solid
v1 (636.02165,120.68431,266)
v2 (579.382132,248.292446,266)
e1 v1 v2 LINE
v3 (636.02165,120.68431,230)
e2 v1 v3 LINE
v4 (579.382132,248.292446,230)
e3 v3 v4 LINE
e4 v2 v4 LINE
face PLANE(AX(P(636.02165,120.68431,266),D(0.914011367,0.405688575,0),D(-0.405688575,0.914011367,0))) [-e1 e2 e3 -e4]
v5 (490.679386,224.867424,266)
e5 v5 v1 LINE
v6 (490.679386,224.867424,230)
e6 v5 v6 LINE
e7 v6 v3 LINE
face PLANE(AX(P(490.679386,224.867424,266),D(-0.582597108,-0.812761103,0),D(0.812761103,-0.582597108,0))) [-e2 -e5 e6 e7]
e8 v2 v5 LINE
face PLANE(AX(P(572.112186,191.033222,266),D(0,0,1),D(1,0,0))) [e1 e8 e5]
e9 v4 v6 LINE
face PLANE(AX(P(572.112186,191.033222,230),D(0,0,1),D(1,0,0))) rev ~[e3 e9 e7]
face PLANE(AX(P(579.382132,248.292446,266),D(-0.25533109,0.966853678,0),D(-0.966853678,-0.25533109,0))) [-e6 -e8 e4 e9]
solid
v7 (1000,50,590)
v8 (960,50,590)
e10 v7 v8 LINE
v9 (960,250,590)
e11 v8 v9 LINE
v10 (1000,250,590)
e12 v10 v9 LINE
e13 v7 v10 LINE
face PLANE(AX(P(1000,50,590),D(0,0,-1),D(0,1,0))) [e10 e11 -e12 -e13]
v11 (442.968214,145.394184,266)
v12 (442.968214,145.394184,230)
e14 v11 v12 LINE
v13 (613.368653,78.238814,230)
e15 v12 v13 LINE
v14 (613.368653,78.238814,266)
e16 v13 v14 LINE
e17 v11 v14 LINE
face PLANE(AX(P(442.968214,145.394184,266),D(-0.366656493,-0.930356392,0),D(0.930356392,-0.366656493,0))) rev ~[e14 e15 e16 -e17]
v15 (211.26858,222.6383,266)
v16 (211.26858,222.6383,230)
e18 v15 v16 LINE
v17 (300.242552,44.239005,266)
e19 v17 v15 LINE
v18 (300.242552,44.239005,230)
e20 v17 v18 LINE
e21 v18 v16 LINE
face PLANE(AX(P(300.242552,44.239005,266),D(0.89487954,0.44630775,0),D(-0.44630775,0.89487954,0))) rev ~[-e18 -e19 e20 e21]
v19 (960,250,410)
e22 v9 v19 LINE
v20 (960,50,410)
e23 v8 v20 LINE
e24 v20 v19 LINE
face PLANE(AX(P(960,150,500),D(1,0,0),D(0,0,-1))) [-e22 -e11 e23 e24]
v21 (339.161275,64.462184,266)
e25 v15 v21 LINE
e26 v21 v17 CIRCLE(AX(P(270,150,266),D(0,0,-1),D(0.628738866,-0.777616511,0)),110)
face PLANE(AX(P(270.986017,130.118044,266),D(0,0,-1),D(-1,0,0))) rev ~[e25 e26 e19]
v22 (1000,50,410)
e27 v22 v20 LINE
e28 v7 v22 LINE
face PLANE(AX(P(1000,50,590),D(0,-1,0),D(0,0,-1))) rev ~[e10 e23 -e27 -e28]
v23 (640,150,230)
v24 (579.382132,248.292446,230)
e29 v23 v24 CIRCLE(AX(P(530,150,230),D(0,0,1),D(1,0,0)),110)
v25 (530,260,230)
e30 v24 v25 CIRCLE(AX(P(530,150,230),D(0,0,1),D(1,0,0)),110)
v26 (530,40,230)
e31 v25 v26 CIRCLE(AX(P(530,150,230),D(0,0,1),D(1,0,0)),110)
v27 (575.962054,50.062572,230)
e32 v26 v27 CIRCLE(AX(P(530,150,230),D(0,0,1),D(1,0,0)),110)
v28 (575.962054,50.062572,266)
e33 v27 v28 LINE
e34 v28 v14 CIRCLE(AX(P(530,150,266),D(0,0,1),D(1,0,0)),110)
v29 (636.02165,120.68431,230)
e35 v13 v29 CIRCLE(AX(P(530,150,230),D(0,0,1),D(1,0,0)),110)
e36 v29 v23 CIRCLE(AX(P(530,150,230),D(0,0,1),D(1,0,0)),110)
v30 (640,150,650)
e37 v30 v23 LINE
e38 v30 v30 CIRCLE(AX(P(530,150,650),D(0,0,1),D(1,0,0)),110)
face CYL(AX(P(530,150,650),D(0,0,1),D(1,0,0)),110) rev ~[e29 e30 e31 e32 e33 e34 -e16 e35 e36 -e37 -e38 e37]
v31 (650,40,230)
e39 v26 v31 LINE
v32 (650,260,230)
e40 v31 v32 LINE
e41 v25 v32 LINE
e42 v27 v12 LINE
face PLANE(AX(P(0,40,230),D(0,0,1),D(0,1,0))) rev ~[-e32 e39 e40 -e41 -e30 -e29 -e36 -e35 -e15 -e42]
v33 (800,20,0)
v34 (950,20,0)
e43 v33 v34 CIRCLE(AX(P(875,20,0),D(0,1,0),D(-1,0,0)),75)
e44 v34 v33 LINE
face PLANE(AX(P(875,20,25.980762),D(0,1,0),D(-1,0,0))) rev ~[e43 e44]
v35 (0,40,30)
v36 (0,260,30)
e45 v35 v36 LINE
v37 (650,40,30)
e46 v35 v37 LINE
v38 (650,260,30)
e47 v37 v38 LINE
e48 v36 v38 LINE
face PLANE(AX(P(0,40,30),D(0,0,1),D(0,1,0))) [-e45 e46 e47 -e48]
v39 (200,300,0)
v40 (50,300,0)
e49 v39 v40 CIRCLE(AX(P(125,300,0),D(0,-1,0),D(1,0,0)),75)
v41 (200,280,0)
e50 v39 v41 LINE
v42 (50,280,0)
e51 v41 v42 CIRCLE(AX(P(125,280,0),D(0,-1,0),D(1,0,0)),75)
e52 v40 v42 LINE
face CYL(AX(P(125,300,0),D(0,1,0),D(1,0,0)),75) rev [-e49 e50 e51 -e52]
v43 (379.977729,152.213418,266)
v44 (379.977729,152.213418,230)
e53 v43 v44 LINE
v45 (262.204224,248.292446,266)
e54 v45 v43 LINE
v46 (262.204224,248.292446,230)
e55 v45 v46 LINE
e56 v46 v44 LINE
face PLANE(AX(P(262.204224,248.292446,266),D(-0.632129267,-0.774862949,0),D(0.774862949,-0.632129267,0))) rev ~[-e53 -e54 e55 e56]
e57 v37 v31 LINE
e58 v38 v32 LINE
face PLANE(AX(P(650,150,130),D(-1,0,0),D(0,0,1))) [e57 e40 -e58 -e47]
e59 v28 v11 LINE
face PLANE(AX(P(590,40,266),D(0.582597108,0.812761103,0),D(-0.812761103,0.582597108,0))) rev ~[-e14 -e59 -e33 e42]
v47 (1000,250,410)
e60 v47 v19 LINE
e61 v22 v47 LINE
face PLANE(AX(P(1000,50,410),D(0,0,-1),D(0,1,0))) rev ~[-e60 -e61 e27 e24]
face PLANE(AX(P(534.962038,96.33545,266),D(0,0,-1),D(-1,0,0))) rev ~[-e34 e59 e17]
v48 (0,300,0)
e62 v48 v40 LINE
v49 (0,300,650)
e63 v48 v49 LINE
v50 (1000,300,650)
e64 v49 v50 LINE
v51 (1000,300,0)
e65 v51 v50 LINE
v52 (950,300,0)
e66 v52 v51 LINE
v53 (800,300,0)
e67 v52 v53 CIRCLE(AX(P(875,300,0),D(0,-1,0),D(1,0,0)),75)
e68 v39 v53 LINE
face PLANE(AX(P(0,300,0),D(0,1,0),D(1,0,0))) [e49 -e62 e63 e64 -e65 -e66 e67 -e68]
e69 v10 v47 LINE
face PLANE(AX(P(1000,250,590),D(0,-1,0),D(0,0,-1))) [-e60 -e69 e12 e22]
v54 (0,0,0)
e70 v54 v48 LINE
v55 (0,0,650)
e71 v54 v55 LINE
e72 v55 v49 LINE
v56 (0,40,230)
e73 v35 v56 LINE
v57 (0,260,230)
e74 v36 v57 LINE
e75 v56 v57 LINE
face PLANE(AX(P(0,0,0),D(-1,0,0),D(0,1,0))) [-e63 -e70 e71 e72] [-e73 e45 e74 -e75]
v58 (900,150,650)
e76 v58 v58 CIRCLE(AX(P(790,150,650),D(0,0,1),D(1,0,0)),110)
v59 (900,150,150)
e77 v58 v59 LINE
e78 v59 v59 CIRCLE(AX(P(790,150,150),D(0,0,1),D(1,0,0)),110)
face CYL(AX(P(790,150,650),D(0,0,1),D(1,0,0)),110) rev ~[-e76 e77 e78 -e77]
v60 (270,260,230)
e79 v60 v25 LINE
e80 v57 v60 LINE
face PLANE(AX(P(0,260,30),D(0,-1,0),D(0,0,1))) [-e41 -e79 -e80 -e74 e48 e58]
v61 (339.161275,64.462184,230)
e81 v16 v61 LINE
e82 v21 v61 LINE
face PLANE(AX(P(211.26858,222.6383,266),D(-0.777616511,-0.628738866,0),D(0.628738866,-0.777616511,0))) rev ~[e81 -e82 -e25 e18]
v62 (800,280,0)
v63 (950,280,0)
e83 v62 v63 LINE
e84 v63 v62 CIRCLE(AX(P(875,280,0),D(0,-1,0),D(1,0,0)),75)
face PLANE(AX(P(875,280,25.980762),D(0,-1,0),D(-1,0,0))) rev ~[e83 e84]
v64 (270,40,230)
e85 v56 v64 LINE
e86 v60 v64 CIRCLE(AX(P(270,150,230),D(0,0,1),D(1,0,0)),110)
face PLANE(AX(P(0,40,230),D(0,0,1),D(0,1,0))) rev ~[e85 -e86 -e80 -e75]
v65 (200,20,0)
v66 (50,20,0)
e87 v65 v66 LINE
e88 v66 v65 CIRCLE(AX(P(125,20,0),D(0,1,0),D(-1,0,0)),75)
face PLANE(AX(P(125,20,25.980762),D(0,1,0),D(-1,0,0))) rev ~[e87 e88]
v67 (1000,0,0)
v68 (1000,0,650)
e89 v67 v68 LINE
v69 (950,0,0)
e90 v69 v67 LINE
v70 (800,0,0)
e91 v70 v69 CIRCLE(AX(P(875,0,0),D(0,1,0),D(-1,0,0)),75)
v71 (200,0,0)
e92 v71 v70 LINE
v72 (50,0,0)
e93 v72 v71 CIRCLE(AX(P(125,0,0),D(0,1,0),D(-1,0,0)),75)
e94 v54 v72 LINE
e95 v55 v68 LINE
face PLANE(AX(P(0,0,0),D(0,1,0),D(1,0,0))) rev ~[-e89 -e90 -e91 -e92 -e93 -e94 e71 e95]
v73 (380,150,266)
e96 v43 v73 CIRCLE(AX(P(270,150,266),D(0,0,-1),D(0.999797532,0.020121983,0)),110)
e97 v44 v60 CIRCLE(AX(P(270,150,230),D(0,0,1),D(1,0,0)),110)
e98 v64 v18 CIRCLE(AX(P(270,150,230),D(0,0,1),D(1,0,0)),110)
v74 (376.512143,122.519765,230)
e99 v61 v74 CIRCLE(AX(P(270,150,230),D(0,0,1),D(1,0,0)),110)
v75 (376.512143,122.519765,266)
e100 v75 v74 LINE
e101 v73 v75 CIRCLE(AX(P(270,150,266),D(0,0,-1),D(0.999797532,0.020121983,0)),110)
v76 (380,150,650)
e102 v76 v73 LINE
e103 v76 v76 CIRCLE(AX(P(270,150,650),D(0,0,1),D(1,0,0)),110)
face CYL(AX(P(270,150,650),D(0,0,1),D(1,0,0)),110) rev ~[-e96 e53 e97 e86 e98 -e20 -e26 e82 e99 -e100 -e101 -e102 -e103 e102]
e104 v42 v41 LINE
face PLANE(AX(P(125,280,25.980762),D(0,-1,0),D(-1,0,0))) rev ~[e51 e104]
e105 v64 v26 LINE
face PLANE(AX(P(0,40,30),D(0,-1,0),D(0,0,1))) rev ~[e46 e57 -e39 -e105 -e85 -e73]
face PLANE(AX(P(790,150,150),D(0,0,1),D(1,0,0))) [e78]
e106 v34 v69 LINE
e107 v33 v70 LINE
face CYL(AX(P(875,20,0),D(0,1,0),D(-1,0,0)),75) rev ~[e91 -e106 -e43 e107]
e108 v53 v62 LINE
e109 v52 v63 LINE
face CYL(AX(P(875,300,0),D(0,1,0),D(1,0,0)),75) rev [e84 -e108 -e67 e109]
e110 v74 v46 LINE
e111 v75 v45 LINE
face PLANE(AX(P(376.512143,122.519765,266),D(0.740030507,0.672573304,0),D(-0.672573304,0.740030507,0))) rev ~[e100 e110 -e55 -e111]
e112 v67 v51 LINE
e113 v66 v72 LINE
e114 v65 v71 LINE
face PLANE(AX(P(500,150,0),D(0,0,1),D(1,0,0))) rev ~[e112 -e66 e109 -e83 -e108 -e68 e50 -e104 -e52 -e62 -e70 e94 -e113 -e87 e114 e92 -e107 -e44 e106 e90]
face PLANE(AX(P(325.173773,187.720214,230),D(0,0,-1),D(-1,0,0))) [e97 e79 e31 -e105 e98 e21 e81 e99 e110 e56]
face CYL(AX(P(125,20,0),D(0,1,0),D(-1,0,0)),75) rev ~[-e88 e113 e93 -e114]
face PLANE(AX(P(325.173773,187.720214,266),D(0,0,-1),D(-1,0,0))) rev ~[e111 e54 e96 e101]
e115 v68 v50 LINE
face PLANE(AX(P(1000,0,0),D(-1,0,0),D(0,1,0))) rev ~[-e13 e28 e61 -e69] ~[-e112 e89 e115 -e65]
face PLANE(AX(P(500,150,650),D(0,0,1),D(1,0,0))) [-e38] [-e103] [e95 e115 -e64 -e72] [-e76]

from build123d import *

# Parameters (mm, degrees)
SKETCH3_W           = 1000
SKETCH3_H           = 300
BOSS_EXTRUDE2_DEPTH = 650
SKETCH4_W           = 180
SKETCH4_H           = 200
CUT_EXTRUDE2_DEPTH  = 40
SKETCH5_W           = 200
SKETCH5_H           = 220
CUT_EXTRUDE3_DEPTH  = 650
SKETCH9_R           = 110
CUT_EXTRUDE4_DEPTH  = 500
CUT_EXTRUDE6_DEPTH  = 20
CUT_EXTRUDE7_START  = -20
CUT_EXTRUDE7_DEPTH  = 20
BOSS_EXTRUDE5_START = -36
BOSS_EXTRUDE5_DEPTH = 36


with BuildPart() as part:
    # Sketch3 → Boss-Extrude2 (new body)
    with BuildSketch(Plane.XY):
        with Locations((500, 150)):
            Rectangle(SKETCH3_W, SKETCH3_H)
    extrude(amount=BOSS_EXTRUDE2_DEPTH)

    # Sketch4 → Cut-Extrude2 (cut)
    with BuildSketch(Plane(origin=(1000, 0, 0), x_dir=(0, 0, -1), z_dir=(1, 0, 0))):
        with Locations((-500, 150)):
            Rectangle(SKETCH4_W, SKETCH4_H)
    extrude(amount=-CUT_EXTRUDE2_DEPTH, mode=Mode.SUBTRACT)

    # Sketch5 → Cut-Extrude3 (cut)
    with BuildSketch(Plane.ZY):
        with Locations((130, 150)):
            Rectangle(SKETCH5_W, SKETCH5_H)
    extrude(amount=-CUT_EXTRUDE3_DEPTH, mode=Mode.SUBTRACT)

    # Sketch9 → Cut-Extrude4 (cut)
    with BuildSketch(Plane.XY.offset(650)):
        with Locations((270, 150)):
            Circle(SKETCH9_R)
        with Locations((530, 150)):
            Circle(SKETCH9_R)
        with Locations((790, 150)):
            Circle(SKETCH9_R)
    extrude(amount=-CUT_EXTRUDE4_DEPTH, mode=Mode.SUBTRACT)

    # Sketch16 → Cut-Extrude6 (cut)
    with BuildSketch(Plane(origin=(0, 300, 0), x_dir=(1, 0, 0), z_dir=(0, 1, 0))):
        with BuildLine():
            Line((50, 0), (200, 0))
            ThreePointArc((200, 0), (125, -75), (50, 0))
        make_face()
        with BuildLine():
            Line((800, 0), (950, 0))
            ThreePointArc((950, 0), (875, -75), (800, 0))
        make_face()
    extrude(amount=-CUT_EXTRUDE6_DEPTH, mode=Mode.SUBTRACT)

    # Sketch17 → Cut-Extrude7 (cut)
    with BuildSketch(Plane.XZ.offset(CUT_EXTRUDE7_START)):
        with BuildLine():
            Line((950, 0), (800, 0))
            ThreePointArc((800, 0), (875, 75), (950, 0))
        make_face()
        with BuildLine():
            Line((200, 0), (50, 0))
            ThreePointArc((50, 0), (125, 75), (200, 0))
        make_face()
    extrude(amount=CUT_EXTRUDE7_DEPTH, mode=Mode.SUBTRACT)

    # Sketch20 → Boss-Extrude5 (add)
    with BuildSketch(Plane(origin=(0, 0, 230), x_dir=(-1, 0, 0), z_dir=(0, 0, -1)).offset(BOSS_EXTRUDE5_START)):
        with BuildLine():
            Line((-262.20422396, 248.292446323), (-379.977728565, 152.213418103))
            ThreePointArc((-379.977728565, 152.213418103), (-379.258383778, 137.248310924), (-376.512143463, 122.519765376))
            Line((-376.512143463, 122.519765376), (-262.20422396, 248.292446323))
        make_face()
        with BuildLine():
            Line((-211.268579762, 222.638299571), (-339.161275259, 64.462183775))
            ThreePointArc((-339.161275259, 64.462183775), (-320.720059896, 52.39121185), (-300.242552389, 44.239005181))
            Line((-300.242552389, 44.239005181), (-211.268579762, 222.638299571))
        make_face()
        Polygon((-636.02165018, 120.684309778), (-579.382132355, 248.292446323), (-490.67938588, 224.867424015), align=None)
        Polygon((-442.968214146, 145.394183969), (-625.077752353, 73.624220022), (-590, 40), align=None)
    extrude(amount=BOSS_EXTRUDE5_DEPTH)


with BuildPart() as boss_extrude5_piece_1:
    # of the separate pieces the step leaves, piece 1, a body of its own (boss_extrude5_pieces)
    add(part.part.solids().sort_by_distance((0, 300, 0))[0])


with BuildPart() as boss_extrude5_piece_2:
    # of the separate pieces the step leaves, piece 2, a body of its own (boss_extrude5_pieces)
    add(part.part.solids().sort_by_distance((490.67938588, 224.867424015, 230))[0])


solid = Compound([boss_extrude5_piece_1.part, boss_extrude5_piece_2.part])
